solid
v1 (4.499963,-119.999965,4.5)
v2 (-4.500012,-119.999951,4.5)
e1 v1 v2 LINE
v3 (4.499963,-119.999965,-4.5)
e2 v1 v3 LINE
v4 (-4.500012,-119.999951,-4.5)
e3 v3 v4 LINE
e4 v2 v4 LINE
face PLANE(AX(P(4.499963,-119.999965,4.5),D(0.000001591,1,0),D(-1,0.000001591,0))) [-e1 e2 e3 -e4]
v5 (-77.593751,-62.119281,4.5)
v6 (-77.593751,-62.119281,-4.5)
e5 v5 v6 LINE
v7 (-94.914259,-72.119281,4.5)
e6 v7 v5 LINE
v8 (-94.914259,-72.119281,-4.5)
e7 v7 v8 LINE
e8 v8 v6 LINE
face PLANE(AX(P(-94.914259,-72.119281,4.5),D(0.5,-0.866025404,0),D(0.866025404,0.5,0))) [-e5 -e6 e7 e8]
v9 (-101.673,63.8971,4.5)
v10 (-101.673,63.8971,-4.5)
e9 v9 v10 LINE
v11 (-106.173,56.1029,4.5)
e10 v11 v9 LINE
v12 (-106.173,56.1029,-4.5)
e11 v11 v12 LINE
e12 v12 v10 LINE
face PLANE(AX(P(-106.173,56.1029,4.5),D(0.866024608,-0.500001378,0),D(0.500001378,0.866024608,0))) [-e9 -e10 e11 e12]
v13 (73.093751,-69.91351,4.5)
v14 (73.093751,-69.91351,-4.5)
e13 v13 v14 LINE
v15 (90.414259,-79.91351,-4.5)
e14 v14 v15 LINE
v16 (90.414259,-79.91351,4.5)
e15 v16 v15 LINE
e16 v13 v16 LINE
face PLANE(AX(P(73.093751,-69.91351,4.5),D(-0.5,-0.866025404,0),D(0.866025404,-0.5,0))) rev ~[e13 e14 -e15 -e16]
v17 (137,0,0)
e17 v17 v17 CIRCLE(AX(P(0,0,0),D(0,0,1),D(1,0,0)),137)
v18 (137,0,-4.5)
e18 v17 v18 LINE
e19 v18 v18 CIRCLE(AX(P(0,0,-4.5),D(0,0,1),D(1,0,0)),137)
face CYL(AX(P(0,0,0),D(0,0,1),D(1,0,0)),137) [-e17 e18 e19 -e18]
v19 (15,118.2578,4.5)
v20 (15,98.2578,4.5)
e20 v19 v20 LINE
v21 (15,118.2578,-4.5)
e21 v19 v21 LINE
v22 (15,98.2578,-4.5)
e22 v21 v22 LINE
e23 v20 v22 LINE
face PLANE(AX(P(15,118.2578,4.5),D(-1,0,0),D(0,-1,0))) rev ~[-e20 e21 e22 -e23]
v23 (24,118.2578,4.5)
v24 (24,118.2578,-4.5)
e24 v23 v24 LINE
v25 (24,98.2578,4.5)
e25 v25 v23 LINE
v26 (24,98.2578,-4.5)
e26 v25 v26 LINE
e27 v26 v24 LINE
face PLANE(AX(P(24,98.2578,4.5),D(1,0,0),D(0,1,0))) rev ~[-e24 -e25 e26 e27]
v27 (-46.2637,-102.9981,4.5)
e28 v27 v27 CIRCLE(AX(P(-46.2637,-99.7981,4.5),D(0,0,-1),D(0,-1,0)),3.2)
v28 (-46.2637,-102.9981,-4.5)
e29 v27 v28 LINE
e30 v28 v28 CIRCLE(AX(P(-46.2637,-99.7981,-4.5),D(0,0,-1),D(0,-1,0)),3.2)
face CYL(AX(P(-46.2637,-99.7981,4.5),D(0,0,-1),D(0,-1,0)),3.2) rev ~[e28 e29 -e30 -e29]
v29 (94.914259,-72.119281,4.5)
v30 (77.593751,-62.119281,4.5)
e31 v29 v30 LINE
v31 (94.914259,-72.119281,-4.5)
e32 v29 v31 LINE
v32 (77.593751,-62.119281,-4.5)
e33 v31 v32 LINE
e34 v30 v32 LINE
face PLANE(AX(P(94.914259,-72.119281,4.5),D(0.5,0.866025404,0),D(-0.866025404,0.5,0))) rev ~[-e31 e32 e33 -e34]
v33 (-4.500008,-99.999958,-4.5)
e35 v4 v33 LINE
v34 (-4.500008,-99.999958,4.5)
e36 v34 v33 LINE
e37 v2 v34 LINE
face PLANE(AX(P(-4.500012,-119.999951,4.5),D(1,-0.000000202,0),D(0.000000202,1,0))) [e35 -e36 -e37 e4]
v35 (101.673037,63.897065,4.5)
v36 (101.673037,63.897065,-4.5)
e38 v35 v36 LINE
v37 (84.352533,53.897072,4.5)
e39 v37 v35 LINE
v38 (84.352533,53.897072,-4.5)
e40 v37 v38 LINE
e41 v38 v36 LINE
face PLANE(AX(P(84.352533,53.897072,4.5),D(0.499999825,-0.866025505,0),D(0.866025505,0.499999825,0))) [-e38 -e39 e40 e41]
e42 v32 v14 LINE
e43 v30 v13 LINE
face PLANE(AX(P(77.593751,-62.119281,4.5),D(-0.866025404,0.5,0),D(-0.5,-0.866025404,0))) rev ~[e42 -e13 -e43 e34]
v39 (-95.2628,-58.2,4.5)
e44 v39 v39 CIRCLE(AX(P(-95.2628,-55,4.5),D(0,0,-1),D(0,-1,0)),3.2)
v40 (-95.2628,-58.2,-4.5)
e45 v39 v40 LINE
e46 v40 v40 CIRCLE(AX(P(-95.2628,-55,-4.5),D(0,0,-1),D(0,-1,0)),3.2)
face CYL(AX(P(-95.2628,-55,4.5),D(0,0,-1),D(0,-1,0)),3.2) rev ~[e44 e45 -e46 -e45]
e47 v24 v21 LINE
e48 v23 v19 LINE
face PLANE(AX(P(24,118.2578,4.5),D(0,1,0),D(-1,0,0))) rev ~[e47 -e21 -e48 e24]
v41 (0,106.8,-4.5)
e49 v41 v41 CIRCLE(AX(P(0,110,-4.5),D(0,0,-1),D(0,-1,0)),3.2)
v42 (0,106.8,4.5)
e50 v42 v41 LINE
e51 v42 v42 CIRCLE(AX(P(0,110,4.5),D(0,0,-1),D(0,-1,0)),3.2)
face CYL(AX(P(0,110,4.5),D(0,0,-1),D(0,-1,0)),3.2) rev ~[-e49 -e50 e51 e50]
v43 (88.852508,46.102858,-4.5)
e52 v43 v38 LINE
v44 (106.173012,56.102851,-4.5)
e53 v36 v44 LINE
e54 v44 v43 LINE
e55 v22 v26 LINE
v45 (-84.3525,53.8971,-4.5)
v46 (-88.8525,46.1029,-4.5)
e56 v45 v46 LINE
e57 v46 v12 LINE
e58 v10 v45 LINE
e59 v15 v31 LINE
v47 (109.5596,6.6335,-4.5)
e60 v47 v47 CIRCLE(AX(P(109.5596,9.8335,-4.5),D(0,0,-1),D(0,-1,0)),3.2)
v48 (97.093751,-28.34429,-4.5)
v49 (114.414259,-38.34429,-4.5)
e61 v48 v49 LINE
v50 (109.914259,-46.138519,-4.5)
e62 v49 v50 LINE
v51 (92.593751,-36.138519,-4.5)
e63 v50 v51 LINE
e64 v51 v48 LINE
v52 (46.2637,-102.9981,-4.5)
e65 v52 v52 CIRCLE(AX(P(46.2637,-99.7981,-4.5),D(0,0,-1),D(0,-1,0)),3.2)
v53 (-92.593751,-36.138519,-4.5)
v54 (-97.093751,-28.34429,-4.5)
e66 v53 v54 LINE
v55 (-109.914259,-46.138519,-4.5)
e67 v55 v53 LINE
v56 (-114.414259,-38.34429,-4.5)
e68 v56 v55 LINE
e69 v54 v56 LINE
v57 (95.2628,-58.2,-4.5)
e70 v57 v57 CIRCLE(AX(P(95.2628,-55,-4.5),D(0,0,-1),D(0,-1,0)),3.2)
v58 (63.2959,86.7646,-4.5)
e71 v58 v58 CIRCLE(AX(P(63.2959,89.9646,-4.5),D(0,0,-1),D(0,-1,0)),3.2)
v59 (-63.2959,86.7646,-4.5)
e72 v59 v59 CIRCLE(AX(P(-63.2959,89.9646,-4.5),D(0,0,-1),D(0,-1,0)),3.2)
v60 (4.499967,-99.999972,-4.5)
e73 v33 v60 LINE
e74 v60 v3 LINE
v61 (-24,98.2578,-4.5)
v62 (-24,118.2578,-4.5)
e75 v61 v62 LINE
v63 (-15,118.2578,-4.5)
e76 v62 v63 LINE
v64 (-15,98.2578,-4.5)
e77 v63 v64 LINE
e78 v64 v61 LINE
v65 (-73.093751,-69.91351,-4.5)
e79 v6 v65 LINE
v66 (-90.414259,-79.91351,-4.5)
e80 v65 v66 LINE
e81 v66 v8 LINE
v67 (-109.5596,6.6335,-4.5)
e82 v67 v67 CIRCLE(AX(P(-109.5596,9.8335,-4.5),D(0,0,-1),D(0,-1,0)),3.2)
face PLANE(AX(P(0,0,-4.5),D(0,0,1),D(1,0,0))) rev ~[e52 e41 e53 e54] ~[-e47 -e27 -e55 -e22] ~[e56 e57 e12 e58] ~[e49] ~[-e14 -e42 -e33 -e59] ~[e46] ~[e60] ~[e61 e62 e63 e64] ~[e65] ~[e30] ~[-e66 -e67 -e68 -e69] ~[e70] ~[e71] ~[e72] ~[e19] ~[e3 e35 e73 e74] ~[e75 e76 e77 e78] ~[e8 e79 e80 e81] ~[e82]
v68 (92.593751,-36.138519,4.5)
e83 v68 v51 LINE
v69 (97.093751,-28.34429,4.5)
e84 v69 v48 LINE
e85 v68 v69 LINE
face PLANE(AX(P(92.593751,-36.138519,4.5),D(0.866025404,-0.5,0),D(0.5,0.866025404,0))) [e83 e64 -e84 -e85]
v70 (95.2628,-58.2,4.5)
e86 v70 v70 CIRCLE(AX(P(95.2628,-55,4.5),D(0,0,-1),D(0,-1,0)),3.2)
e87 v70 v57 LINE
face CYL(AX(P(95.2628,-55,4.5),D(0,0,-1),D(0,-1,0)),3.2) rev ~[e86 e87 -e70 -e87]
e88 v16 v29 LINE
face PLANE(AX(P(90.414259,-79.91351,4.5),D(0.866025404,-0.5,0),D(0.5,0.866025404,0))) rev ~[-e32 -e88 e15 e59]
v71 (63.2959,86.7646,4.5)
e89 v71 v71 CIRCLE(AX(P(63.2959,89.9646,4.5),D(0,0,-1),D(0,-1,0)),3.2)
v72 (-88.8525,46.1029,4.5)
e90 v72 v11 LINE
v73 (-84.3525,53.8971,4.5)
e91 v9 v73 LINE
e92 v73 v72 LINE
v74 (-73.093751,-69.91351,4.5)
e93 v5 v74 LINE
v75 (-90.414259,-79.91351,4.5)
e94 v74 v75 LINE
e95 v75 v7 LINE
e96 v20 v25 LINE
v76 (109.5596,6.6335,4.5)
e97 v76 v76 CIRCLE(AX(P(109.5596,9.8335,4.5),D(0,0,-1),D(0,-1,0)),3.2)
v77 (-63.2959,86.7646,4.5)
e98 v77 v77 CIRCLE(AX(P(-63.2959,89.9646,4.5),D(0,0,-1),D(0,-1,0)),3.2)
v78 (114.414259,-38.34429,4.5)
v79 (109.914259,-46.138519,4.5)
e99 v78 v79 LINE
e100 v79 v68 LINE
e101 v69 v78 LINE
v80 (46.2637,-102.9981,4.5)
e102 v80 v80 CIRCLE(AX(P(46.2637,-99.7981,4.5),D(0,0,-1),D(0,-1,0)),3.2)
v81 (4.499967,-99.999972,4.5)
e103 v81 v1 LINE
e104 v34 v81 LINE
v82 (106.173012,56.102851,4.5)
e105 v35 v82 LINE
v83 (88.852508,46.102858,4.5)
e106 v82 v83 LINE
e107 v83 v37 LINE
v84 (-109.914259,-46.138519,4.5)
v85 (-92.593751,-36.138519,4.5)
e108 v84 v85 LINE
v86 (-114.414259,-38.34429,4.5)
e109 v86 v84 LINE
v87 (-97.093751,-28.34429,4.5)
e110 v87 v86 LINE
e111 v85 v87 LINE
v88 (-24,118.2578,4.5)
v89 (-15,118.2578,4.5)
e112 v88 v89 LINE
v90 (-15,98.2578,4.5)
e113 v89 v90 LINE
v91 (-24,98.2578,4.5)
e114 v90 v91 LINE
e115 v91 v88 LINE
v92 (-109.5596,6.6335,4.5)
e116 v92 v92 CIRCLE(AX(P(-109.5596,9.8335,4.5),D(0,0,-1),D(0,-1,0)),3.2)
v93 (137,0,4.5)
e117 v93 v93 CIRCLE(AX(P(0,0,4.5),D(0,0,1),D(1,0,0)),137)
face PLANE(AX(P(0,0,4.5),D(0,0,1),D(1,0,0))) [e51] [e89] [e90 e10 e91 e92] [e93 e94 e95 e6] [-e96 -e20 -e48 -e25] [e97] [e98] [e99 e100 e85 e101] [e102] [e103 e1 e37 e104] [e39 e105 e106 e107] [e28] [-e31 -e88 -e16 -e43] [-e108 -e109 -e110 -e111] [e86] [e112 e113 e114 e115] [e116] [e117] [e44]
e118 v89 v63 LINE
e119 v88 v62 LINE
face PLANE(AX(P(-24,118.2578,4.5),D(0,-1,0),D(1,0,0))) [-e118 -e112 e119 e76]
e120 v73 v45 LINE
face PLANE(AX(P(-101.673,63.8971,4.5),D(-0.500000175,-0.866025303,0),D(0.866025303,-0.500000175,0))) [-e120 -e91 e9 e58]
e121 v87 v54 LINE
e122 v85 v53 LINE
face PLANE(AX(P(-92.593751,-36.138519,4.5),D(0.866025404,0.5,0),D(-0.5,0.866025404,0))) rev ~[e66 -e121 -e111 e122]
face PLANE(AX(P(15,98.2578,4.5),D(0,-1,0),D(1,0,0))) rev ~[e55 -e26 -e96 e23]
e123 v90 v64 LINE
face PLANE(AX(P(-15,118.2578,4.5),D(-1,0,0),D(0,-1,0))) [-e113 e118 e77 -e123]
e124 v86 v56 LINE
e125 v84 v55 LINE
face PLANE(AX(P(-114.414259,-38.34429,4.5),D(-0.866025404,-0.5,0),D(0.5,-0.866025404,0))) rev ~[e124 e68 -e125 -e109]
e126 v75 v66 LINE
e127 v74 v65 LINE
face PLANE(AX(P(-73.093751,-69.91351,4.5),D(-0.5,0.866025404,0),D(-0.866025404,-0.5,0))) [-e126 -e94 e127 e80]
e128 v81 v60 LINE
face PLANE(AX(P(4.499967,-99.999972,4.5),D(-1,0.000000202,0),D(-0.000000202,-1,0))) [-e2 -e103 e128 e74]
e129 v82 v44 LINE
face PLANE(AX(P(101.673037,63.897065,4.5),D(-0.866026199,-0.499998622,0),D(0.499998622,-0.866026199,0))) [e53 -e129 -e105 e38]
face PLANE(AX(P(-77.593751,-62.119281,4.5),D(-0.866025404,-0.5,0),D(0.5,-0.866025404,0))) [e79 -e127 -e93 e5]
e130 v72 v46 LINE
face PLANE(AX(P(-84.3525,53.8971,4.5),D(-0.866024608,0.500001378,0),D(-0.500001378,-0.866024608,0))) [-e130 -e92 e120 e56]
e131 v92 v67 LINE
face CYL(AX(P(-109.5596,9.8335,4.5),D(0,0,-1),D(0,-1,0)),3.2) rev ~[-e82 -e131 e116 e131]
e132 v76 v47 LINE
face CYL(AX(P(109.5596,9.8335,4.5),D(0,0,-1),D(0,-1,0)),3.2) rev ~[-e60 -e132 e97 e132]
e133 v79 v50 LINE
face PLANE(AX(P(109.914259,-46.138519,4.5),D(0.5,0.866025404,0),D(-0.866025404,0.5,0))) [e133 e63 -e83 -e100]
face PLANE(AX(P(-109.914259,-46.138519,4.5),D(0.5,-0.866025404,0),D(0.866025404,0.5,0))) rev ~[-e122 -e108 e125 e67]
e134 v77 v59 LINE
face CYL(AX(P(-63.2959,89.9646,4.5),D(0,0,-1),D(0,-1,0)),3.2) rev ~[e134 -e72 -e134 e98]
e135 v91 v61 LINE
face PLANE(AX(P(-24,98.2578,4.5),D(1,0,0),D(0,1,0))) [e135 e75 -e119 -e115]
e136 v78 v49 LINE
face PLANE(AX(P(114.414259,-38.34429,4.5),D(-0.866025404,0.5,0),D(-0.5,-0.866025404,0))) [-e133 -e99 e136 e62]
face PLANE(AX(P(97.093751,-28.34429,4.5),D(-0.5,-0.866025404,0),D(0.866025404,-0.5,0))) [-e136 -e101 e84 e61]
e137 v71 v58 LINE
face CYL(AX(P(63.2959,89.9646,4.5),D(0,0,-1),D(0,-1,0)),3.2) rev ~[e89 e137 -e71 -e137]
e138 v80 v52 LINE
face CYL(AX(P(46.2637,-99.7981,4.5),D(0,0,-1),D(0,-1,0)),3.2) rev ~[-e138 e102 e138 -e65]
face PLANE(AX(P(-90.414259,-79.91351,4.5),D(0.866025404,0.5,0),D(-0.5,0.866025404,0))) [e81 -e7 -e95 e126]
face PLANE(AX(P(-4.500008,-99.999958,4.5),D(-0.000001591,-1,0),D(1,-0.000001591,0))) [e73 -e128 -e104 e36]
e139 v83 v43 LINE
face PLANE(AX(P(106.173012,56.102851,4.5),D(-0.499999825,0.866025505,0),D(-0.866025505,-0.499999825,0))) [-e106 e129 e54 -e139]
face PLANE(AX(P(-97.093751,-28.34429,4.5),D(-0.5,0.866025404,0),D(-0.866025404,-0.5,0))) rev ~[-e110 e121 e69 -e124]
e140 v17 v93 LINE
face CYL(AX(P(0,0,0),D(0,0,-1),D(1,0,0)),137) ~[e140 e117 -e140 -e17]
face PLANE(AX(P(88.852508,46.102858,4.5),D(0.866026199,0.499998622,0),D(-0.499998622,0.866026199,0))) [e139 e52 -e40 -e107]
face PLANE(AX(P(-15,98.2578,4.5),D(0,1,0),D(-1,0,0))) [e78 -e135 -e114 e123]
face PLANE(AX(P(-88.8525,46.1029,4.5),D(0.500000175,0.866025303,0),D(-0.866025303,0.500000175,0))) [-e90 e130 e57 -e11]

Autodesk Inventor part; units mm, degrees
ref_plane "YZ Plane" through (0, 0, 0) normal (1, 0, 0) x (0, 1, 0)
ref_plane "XZ Plane" through (0, 0, 0) normal (0, 1, 0) x (-1, 0, 0)
ref_plane "XY Plane" through (0, 0, 0) normal (0, 0, 1) x (1, 0, 0)
sketch "Sketch the Prototype Plate Base Profile" plane through (0, 0, 0) normal (0, 0, 1) x (1, 0, 0)
  circle A0 centre (0, 0) radius 137
  dimension "d0" = 274
extrude "Make Prototype Plate Base by Extrusion" add sketch "Sketch the Prototype Plate Base Profile" along normal mid plane 9
sketch "Locate the Outer Rib Slots" plane through (0, 0, 4.5) normal (0, 0, 1) x (1, 0, 0)
  circle A0 centre (0, 0) radius 137 projected
  line L0 (0, 0) -> (0, 137) construction
  circle A1 centre (0, 137) radius 15 construction
  line L1 (-24, 118.2578) -> (-15, 118.2578)
  line L2 (-15, 118.2578) -> (-15, 98.2578)
  line L3 (-15, 98.2578) -> (-24, 98.2578)
  line L4 (-24, 98.2578) -> (-24, 118.2578)
  line L5 (-24, 118.2578) -> (-15, 98.2578) construction
  line L6 (-15, 118.2578) -> (-24, 98.2578) construction
  line L7 (-19.5, 108.2578) -> (-15, 108.2578) construction
  circle A2 centre (0, 0) radius 61 construction
  line L8 (24, 118.2578) -> (15, 118.2578)
  line L9 (15, 118.2578) -> (15, 98.2578)
  line L10 (15, 98.2578) -> (24, 98.2578)
  line L11 (24, 98.2578) -> (24, 118.2578)
  circle A3 centre (0, 0) radius 110 construction
  line L12 (-15, 98.2578) -> (0, 98.2578) construction
  dimension "d29" = 220
  dimension "d3" = 30
  dimension "d5" = 20
  dimension "d15" = 9
  dimension "d17" = 122
  dimension "d30" = 15
extrude "Cut Outer Rib Slots" cut sketch "Locate the Outer Rib Slots" against normal blind 9 contours L1 L2 L3 L4 | L11 L10 L9 L8
pattern_circular "Pattern Outer Rib Slots Around the Base Plate" count 3 over 360 about axis through (0, 0, -10) along (0, 0, 1) of "Cut Outer Rib Slots"
sketch "Locate the Inner Rib Slot" plane through (0, 0, 4.5) normal (0, 0, 1) x (1, 0, 0)
  circle A0 centre (0, 0) radius 137 projected
  line L0 (-106.173, 56.1029) -> (-101.673, 63.8971)
  line L1 (-101.673, 63.8971) -> (-84.3525, 53.8971)
  line L2 (-84.3525, 53.8971) -> (-88.8525, 46.1029)
  line L3 (-88.8525, 46.1029) -> (-106.173, 56.1029)
  line L4 (-106.173, 56.1029) -> (-84.3525, 53.8971) construction
  line L5 (-101.673, 63.8971) -> (-88.8525, 46.1029) construction
  circle A1 centre (0, 0) radius 110 construction
  line L6 (-95.2628, 55) -> (0, 0) construction
  line L7 (0, -210.7) -> (0, 210.7) projected
  dimension "d31" = 220
  dimension "d27" = 9
  dimension "d28" = 20
  dimension "d32" = 60
extrude "Cut Inner Rib Slots" cut sketch "Locate the Inner Rib Slot" against normal blind 9 contours L0 L1 L2 L3
pattern_circular "Pattern Inner Rib Slots Around the Base Plate" count 3 over 360 about axis through (0, 0, -10) along (0, 0, 1) of "Cut Inner Rib Slots"
sketch "Locate Holes for Connecting Two Bases" plane through (0, 0, 4.5) normal (0, 0, 1) x (1, 0, 0)
  circle A0 centre (0, 0) radius 137 projected
  line L0 (-15, 118.2578) -> (-15, 98.2578) projected
  line L1 (15, 98.2578) -> (15, 118.2578) projected
  circle A1 centre (0, 0) radius 110 construction
  line L2 (0, 0) -> (0, 110) construction
  line L3 (-24, 98.2578) -> (-24, 118.2578) projected
  line L4 (-101.673, 63.8971) -> (-84.3525, 53.8971) projected
  circle A2 centre (-92.933, 58.8511) radius 42.9699 construction
  circle A3 centre (-24, 107.3499) radius 42.9699 construction
  line L5 (24, 118.2578) -> (24, 98.2578) projected
  line L6 (84.3525, 53.8971) -> (101.673, 63.8971) projected
  circle A4 centre (24, 107.3499) radius 42.9699 construction
  circle A5 centre (92.933, 58.8511) radius 42.9699 construction
  point P0 (-63.2959, 89.9646)
  point P1 (63.2959, 89.9646)
  point P2 (-46.2637, -99.7981)
  point P3 (-109.5596, 9.8335)
  point P4 (109.5596, 9.8335)
  point P5 (46.2637, -99.7981)
  dimension "d54" = 220
  dimension "d66" = 360
hole "Clearance Holes to Bolt the Two Bases Together" at (-63.2959, 89.9646, 4.5) at (63.2959, 89.9646, 4.5) at (-46.2637, -99.7981, 4.5) at (-109.5596, 9.8335, 4.5) at (109.5596, 9.8335, 4.5) at (46.2637, -99.7981, 4.5) direction (0, 0, -1) diameter 6.4 end through all clearance for "Socket Head Cap Screw ISO 4762" size "M6" standard "ISO"
hole "Clearance Holes to Bolt the Two Bases Together at Arms" at (0, 110, 4.5) at (-95.2628, -55, 4.5) at (95.2628, -55, 4.5) direction (0, 0, -1) diameter 6.4 end through all clearance for "Socket Head Cap Screw ISO 4762" size "M6" standard "ISO"
equation "\"d0\" = PrototypePlateDiameter"
equation "\"d1\" = PrototypePlateMaterialThickness"
equation "\"d29\" = OuterRibSlotPCD"
equation "\"d3\" = RigColumnsDiameter"
equation "\"d5\" = RibSlotLength"
equation "\"d15\" = PrototypePlateRibMaterialThickness"
equation "\"d30\" = 0.5 * RigColumnsDiameter"
equation "\"d18\" = PrototypePlateMaterialThickness"
equation "\"d31\" = InnerRibSlotPCD"
equation "\"d27\" = PrototypePlateRibMaterialThickness"
equation "\"d28\" = RibSlotLength"
equation "\"d33\" = PrototypePlateMaterialThickness"
equation "\"d54\" = InnerRibSlotPCD"
equation "\"d75\" = InnerRibSlotPCD"
equation "\"PrototypePlateDiameter\" = 274"
equation "\"PrototypePlateMaterialThickness\" = 9"
equation "\"OuterRibSlotPCD\" = 220"
equation "\"RigColumnsDiameter\" = 30"
equation "\"RibSlotLength\" = 20"
equation "\"PrototypePlateRibMaterialThickness\" = 9"
equation "\"InnerRibSlotPCD\" = 220"
properties part number "Prototype Plate Base"
